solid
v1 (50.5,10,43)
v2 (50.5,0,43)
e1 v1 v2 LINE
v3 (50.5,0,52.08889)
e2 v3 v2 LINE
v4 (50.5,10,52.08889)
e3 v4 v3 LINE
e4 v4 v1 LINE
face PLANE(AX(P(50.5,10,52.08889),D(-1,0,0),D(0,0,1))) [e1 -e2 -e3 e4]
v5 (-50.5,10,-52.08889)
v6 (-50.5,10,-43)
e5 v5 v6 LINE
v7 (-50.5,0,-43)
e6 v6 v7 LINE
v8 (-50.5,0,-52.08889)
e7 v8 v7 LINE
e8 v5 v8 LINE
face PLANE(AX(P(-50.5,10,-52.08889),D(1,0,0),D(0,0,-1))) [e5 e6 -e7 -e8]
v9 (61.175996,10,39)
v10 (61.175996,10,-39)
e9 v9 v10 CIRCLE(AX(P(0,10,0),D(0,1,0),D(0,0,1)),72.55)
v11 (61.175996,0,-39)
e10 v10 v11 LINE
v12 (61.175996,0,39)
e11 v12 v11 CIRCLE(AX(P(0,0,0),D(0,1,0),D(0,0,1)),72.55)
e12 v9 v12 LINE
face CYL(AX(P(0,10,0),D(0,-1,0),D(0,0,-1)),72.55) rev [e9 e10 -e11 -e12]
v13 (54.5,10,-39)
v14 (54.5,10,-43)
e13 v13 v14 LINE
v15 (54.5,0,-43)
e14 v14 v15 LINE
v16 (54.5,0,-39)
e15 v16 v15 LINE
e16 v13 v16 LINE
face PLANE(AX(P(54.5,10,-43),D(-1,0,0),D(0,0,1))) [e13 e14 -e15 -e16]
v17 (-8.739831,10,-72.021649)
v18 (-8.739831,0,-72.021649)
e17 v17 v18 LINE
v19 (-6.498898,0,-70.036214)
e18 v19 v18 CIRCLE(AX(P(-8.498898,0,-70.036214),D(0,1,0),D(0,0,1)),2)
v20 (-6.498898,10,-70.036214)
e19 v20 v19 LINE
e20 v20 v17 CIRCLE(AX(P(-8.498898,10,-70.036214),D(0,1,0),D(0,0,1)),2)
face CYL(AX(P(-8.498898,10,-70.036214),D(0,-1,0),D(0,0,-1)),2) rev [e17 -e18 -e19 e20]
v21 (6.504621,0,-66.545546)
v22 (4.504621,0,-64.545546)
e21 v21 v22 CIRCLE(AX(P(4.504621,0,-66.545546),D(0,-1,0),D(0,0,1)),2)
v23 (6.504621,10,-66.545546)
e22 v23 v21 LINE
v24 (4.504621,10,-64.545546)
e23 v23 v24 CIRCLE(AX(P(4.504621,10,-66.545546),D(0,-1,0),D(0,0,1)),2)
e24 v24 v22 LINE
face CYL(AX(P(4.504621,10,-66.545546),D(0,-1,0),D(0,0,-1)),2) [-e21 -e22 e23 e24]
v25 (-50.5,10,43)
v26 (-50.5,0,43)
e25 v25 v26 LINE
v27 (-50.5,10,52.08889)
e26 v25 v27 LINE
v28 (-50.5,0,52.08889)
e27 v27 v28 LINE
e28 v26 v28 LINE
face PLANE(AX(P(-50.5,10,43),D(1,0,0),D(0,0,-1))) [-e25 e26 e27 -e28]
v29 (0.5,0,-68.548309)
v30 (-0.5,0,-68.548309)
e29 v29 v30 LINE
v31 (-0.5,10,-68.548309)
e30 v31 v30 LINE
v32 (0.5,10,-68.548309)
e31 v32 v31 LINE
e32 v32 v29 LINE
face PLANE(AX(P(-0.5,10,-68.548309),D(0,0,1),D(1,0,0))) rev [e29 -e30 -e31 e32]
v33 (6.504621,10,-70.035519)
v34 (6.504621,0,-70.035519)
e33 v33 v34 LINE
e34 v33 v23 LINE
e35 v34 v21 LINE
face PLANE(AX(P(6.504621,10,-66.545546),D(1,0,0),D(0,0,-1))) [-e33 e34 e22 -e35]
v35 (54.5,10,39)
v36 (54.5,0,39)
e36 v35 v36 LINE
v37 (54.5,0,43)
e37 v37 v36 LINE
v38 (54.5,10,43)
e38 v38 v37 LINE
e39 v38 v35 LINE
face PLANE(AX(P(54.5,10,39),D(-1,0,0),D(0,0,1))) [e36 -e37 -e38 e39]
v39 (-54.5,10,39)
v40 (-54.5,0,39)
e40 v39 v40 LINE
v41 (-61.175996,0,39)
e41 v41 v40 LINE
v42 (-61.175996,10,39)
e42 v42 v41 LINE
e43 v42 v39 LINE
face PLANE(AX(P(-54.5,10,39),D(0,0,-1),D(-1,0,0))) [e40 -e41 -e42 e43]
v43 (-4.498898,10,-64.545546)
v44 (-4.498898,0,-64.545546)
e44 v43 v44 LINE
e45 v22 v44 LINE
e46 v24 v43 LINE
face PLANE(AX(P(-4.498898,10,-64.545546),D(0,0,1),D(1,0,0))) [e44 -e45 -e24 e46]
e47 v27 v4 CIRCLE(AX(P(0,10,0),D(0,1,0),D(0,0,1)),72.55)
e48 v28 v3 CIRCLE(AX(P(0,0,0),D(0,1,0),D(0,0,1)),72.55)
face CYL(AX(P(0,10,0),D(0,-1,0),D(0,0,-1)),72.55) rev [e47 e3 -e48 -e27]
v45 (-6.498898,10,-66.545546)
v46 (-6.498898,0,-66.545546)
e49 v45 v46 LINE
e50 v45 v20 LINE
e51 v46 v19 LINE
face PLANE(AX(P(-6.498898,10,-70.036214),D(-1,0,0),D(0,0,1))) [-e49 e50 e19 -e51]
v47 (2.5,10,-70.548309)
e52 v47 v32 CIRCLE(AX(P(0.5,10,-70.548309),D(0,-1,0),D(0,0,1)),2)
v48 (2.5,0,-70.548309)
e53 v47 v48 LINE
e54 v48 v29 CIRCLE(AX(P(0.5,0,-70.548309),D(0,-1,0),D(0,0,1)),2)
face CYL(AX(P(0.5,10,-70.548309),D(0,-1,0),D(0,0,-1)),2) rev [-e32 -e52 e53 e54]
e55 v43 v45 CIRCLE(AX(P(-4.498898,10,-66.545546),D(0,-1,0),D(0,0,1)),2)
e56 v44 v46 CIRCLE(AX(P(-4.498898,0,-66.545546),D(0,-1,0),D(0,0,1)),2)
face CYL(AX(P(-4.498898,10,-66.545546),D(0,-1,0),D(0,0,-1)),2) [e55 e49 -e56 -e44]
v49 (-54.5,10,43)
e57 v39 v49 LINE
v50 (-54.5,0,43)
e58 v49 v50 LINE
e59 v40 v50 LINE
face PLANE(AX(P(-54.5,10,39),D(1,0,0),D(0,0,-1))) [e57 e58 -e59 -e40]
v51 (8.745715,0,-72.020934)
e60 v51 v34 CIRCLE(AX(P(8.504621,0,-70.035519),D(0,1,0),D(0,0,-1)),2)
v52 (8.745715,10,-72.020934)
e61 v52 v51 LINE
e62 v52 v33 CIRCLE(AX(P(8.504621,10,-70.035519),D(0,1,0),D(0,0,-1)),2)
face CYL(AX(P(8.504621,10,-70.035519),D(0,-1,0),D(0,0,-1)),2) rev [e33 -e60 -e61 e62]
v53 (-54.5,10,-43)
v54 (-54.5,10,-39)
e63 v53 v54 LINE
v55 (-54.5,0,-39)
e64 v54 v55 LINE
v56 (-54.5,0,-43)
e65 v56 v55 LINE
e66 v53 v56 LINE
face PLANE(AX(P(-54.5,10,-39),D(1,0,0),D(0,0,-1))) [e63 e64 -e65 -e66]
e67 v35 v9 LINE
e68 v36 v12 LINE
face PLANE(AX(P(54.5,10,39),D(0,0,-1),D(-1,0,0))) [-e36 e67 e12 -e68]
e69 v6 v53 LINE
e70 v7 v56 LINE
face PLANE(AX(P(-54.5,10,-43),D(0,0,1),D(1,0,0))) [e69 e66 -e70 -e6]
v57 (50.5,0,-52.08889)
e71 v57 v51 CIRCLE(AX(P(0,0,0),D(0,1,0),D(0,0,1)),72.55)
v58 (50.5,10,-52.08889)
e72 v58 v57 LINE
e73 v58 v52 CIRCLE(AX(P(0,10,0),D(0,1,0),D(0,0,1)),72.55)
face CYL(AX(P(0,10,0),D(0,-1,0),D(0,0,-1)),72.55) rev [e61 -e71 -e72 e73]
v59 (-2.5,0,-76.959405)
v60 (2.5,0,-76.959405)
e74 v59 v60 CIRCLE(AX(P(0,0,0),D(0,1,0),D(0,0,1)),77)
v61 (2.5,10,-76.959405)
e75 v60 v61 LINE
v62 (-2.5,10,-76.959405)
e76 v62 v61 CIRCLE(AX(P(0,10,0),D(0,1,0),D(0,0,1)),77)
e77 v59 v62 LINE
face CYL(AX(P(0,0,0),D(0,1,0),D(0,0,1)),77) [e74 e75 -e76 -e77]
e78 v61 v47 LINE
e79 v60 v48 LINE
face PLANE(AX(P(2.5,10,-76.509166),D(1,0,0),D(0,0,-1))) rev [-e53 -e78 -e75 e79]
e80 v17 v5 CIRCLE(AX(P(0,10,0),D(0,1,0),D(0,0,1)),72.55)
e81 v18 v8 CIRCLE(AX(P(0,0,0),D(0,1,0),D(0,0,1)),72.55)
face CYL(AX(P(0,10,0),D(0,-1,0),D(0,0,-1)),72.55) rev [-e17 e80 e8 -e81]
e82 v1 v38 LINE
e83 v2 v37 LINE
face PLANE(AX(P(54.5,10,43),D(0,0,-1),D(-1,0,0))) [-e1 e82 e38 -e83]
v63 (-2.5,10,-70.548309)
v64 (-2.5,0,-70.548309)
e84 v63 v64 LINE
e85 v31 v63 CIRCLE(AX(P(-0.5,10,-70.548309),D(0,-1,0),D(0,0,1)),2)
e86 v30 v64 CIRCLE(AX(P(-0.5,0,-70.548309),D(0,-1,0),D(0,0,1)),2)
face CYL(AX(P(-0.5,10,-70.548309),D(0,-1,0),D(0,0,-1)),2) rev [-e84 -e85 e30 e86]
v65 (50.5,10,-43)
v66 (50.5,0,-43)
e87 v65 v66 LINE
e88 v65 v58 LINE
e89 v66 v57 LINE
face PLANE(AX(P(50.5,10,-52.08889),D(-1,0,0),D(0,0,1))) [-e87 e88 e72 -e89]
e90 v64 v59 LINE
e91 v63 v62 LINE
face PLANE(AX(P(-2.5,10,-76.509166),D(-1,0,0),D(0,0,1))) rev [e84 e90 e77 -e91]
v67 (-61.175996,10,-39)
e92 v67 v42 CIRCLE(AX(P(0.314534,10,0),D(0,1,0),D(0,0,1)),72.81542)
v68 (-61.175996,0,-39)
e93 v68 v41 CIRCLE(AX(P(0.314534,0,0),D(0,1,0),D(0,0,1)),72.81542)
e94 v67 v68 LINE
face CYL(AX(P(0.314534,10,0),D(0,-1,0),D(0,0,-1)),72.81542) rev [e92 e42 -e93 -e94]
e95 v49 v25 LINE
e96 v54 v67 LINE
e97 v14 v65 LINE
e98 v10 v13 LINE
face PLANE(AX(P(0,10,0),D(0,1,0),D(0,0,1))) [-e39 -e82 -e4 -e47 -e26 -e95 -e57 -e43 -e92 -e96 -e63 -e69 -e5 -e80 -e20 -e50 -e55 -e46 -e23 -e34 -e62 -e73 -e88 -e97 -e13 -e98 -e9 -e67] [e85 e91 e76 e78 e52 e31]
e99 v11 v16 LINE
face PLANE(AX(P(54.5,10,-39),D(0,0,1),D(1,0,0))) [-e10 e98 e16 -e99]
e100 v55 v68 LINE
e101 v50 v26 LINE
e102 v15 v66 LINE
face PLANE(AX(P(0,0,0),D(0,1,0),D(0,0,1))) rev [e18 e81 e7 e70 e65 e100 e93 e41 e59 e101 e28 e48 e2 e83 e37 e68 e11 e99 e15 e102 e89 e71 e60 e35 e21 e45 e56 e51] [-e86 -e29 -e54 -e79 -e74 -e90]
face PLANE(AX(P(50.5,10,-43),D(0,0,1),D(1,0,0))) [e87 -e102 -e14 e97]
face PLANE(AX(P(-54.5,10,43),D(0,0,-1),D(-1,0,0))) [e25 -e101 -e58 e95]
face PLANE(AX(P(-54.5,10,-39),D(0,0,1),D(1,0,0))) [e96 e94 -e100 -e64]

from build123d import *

# Parameters (mm, degrees)
BOSS_EXTRUDE1_DEPTH = 10
BOSS_EXTRUDE2_START = -10
BOSS_EXTRUDE2_DEPTH = 10


with BuildPart() as part:
    # Sketch1 → Boss-Extrude1 (new body)
    with BuildSketch(Plane(origin=(0, 0, 0), x_dir=(1, 0, 0), z_dir=(0, 1, 0))):
        with BuildLine():
            Line((-0.5, 68.548309499), (0.5, 68.548309499))
            ThreePointArc((0.5, 68.548309499), (1.914213562, 69.134095936), (2.5, 70.548309499))
            Line((2.5, 70.548309499), (2.5, 76.509166118))
            ThreePointArc((2.5, 76.509166118), (0, -76.55), (-2.5, 76.509166118))
            Line((-2.5, 76.509166118), (-2.5, 70.548309499))
            ThreePointArc((-2.5, 70.548309499), (-1.914213562, 69.134095936), (-0.5, 68.548309499))
        make_face()
        with BuildLine():
            Line((-4.498898253, 64.545545648), (4.504620523, 64.545545648))
            ThreePointArc((4.504620523, 64.545545648), (5.918834085, 65.131332086), (6.504620523, 66.545545648))
            Line((6.504620523, 66.545545648), (6.504620523, 70.035519058))
            ThreePointArc((6.504620523, 70.035519058), (7.178383305, 71.532547729), (8.745715364, 72.020934198))
            ThreePointArc((8.745715364, 72.020934198), (31.254364336, 65.472644745), (50.5, 52.08889037))
            Line((50.5, 52.08889037), (50.5, 43))
            Line((50.5, 43), (54.5, 43))
            Line((54.5, 43), (54.5, 39))
            Line((54.5, 39), (61.17599611, 39))
            ThreePointArc((61.17599611, 39), (72.55, 0), (61.17599611, -39))
            Line((61.17599611, -39), (54.5, -39))
            Line((54.5, -39), (54.5, -43))
            Line((54.5, -43), (50.5, -43))
            Line((50.5, -43), (50.5, -52.08889037))
            ThreePointArc((50.5, -52.08889037), (0, -72.55), (-50.5, -52.08889037))
            Line((-50.5, -52.08889037), (-50.5, -43))
            Line((-50.5, -43), (-54.5, -43))
            Line((-54.5, -43), (-54.5, -39))
            Line((-54.5, -39), (-61.17599611, -39))
            ThreePointArc((-61.17599611, -39), (-72.50088526, 0), (-61.17599611, 39))
            Line((-61.17599611, 39), (-54.5, 39))
            Line((-54.5, 39), (-54.5, 43))
            Line((-54.5, 43), (-50.5, 43))
            Line((-50.5, 43), (-50.5, 52.08889037))
            ThreePointArc((-50.5, 52.08889037), (-31.251689593, 65.473921507), (-8.739830875, 72.021648525))
            ThreePointArc((-8.739830875, 72.021648525), (-7.172599878, 71.533188183), (-6.498898253, 70.036213693))
            Line((-6.498898253, 70.036213693), (-6.498898253, 66.545545648))
            ThreePointArc((-6.498898253, 66.545545648), (-5.913111815, 65.131332086), (-4.498898253, 64.545545648))
        make_face(mode=Mode.SUBTRACT)
    extrude(amount=BOSS_EXTRUDE1_DEPTH)

    # Sketch2 → Boss-Extrude2 (add)
    with BuildSketch(Plane(origin=(0, 10, 0), x_dir=(1, 0, 0), z_dir=(0, 1, 0)).offset(BOSS_EXTRUDE2_START)):
        with BuildLine():
            ThreePointArc((2.5, 76.509166118), (0, -76.55), (-2.5, 76.509166118))
            Line((-2.5, 76.509166118), (-2.5, 76.959404883))
            ThreePointArc((-2.5, 76.959404883), (0, -77), (2.5, 76.959404883))
            Line((2.5, 76.959404883), (2.5, 76.509166118))
        make_face()
    extrude(amount=BOSS_EXTRUDE2_DEPTH)


solid = part.part
